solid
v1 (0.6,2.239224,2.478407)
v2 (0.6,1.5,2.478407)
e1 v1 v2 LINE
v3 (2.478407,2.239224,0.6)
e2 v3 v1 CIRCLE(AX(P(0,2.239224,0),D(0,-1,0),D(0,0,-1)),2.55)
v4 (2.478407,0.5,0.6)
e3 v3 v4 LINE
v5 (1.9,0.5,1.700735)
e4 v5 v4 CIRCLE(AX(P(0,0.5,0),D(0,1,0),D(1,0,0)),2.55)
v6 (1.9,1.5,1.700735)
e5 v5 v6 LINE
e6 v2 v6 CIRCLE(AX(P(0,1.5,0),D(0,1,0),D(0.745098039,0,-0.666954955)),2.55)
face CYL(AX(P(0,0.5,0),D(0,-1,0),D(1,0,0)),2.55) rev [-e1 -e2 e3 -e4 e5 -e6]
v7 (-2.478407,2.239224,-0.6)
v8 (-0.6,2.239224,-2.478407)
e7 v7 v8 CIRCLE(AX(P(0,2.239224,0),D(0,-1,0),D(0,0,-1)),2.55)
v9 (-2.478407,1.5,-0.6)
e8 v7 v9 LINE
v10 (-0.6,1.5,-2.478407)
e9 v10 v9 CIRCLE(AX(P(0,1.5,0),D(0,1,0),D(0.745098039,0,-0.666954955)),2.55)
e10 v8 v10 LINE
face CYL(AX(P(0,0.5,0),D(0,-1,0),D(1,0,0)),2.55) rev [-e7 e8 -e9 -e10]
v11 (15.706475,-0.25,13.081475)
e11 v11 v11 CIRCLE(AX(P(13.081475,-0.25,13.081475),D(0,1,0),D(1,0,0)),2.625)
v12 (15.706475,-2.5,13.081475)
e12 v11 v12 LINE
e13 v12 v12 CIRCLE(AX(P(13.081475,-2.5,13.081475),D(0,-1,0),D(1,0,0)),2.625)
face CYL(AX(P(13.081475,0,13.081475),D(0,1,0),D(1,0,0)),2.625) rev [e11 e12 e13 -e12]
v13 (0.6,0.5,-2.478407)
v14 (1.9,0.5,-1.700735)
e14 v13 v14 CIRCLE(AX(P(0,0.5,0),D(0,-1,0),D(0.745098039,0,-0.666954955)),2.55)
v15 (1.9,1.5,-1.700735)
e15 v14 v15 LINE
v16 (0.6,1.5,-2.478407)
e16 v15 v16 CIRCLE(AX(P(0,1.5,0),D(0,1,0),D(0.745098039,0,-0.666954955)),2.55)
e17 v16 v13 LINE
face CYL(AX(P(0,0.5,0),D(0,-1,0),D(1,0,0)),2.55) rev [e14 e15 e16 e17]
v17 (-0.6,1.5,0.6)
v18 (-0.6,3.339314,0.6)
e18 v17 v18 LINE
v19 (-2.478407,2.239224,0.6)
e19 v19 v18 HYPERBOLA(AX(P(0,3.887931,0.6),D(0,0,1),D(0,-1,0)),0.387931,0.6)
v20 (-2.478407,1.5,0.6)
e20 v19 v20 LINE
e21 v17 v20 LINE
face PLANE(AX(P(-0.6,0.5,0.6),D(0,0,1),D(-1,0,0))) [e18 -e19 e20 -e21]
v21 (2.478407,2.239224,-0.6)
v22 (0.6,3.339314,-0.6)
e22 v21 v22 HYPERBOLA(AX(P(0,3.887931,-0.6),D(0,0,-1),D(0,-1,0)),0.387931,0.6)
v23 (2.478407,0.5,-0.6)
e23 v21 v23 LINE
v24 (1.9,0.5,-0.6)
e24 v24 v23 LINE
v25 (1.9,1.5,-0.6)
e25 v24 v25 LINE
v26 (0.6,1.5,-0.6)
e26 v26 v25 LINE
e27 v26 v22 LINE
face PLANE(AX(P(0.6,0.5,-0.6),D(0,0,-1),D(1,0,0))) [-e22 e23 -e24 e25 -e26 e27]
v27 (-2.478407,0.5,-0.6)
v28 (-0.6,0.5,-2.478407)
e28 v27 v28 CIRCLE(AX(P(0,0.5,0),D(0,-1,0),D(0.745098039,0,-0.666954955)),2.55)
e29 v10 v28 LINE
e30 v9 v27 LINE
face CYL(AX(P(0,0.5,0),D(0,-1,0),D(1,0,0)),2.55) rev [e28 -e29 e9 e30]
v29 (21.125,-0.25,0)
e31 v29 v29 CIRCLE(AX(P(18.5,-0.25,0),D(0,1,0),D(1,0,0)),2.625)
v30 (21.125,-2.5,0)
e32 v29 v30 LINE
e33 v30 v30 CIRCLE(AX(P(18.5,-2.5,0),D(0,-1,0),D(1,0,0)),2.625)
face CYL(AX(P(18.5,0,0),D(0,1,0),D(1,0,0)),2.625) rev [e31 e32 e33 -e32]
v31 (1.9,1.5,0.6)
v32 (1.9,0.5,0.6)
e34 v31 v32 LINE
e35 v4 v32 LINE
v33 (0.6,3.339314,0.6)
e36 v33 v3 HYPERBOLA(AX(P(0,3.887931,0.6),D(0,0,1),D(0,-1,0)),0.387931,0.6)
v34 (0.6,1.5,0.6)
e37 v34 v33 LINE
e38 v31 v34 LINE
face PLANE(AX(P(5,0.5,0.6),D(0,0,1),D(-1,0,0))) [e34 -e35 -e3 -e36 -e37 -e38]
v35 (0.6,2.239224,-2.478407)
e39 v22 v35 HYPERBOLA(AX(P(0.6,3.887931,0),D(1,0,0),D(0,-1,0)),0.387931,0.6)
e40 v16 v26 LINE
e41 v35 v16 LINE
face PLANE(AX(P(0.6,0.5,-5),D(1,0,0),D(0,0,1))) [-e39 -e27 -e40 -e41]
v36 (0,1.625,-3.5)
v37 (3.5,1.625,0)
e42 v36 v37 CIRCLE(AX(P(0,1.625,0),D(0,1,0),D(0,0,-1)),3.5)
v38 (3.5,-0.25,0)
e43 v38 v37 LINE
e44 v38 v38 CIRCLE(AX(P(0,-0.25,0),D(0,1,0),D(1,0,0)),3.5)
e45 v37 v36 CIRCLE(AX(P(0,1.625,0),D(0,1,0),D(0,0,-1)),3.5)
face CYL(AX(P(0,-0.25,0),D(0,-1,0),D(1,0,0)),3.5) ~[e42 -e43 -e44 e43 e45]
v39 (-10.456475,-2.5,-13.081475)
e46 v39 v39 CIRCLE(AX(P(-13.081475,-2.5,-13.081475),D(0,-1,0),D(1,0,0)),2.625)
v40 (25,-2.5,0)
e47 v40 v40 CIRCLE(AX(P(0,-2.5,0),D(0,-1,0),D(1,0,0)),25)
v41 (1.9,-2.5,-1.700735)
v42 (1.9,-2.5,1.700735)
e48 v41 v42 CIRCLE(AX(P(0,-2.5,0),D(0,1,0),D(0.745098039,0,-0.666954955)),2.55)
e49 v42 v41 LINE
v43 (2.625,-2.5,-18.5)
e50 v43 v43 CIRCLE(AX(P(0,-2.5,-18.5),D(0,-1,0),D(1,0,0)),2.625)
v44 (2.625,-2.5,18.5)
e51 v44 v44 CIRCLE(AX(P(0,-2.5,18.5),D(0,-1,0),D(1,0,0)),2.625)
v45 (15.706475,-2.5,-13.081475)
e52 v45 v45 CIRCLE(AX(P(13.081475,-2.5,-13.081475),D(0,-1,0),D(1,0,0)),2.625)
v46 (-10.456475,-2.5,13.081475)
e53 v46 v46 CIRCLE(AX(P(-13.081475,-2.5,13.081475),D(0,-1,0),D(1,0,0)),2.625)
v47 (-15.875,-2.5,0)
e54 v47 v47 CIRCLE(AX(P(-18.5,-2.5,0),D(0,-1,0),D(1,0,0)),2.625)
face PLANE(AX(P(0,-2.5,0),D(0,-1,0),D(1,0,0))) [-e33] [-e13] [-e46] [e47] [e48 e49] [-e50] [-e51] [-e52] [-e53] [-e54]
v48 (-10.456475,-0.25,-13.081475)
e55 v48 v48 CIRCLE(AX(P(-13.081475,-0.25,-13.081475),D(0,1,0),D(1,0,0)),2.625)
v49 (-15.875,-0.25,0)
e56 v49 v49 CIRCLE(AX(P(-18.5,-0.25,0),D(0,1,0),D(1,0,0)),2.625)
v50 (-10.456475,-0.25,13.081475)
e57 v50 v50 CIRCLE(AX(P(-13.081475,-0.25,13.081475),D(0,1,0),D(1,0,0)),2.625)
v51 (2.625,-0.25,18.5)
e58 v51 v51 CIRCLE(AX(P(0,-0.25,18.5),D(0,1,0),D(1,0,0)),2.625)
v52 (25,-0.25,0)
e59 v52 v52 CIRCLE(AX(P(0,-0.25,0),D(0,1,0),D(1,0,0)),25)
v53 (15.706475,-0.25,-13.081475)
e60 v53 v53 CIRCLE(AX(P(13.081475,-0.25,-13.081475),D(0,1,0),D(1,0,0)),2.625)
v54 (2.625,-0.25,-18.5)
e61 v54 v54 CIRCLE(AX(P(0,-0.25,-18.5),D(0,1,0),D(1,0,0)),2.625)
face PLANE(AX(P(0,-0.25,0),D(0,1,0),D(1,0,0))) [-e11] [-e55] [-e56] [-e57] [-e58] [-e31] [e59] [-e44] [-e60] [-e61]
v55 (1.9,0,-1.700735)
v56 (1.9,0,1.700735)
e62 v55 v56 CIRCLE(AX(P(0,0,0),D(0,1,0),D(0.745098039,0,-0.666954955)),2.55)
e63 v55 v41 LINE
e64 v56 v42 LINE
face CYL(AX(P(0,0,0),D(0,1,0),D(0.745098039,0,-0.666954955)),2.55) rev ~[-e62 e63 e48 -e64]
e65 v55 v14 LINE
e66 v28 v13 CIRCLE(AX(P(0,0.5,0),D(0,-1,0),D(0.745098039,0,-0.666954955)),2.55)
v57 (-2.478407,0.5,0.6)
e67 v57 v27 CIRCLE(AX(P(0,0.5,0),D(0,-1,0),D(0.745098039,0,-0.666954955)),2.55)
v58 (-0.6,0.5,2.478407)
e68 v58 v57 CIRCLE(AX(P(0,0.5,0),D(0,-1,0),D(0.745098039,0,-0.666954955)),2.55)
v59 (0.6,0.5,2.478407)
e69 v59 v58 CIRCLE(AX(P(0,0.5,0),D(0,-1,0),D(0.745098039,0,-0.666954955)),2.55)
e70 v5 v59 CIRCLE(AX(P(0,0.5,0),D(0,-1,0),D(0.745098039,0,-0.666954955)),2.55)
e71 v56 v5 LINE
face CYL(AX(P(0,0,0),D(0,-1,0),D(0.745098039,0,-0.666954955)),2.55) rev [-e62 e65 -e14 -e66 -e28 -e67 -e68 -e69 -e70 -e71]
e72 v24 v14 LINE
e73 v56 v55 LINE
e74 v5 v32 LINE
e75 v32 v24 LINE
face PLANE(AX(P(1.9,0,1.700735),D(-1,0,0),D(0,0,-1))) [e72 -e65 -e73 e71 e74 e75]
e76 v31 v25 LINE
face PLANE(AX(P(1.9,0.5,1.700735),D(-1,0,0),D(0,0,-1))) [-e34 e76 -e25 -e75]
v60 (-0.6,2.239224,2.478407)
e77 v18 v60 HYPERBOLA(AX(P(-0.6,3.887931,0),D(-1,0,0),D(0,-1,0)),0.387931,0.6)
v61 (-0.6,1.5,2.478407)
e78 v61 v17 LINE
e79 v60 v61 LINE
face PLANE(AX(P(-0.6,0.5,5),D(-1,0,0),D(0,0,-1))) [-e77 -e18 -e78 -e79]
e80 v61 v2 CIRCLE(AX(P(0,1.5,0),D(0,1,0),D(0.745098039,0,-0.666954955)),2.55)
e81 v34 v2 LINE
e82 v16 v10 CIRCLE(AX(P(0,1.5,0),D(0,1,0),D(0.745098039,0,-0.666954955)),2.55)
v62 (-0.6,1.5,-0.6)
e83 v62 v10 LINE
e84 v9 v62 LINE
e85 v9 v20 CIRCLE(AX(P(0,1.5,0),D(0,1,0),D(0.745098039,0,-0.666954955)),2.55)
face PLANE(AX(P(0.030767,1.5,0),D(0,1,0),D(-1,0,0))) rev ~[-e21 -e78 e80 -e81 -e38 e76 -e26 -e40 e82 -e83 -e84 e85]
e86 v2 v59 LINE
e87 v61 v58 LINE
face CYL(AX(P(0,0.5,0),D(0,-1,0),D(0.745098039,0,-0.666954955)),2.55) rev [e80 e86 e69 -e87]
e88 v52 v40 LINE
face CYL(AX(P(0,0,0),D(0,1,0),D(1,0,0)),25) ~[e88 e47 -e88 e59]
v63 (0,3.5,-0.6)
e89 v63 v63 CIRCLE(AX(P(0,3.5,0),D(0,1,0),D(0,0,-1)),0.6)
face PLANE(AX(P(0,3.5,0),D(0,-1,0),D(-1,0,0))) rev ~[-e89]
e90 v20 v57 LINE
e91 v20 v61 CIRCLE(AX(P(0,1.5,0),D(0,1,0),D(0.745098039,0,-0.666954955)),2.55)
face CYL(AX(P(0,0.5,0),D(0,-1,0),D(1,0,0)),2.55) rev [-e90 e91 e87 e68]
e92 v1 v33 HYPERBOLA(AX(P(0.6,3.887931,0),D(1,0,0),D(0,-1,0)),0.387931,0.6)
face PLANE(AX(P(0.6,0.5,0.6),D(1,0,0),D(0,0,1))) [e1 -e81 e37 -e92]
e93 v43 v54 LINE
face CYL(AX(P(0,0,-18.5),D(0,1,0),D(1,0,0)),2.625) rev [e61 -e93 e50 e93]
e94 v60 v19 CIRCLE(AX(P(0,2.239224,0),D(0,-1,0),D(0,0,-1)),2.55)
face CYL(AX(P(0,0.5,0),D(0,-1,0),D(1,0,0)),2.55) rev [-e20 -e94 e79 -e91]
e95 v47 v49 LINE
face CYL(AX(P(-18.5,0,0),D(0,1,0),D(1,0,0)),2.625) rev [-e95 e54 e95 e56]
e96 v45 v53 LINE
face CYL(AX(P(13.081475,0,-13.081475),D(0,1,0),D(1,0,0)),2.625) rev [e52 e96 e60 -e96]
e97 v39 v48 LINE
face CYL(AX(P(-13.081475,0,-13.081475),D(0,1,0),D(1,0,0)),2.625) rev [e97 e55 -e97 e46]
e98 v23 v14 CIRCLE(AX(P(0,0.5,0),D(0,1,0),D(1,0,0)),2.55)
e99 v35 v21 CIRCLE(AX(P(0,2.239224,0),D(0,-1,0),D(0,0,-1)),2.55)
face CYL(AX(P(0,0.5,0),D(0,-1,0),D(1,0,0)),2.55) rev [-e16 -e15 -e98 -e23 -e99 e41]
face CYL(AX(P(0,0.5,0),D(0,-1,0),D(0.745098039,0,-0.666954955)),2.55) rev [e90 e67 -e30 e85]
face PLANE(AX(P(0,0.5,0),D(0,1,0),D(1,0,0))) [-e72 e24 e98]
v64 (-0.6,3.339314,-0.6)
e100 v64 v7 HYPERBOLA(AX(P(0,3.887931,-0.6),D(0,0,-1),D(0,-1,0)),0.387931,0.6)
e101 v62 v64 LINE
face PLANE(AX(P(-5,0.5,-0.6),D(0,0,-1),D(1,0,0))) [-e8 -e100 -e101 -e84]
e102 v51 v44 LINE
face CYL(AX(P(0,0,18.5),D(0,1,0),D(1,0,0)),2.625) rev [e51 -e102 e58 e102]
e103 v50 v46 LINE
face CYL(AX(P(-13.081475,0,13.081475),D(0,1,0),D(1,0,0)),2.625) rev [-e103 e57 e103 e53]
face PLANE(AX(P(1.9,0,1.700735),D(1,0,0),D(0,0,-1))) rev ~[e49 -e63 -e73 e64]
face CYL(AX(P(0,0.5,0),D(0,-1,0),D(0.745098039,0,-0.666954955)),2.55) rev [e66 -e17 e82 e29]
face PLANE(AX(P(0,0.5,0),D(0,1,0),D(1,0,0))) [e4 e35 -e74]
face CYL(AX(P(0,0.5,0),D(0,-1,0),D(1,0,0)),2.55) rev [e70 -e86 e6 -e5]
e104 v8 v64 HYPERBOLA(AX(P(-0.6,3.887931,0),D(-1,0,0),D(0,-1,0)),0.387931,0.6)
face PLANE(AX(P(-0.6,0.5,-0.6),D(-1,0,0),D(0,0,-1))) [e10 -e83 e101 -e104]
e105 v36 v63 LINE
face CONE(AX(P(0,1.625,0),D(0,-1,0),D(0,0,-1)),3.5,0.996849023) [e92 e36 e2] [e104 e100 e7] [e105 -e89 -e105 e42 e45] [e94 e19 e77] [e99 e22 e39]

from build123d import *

# Parameters (mm, degrees)
SKETCH1_R               = 25
BOSS_EXTRUDE1_DEPTH     = 3.5
SKETCH3_R               = 8.75
BOSS_EXTRUDE2_DEPTH     = 4
SKETCH4_R               = 2.625
CUT_EXTRUDE1_DEPTH      = 3.5
CUT_EXTRUDE2_DEPTH      = 10
CUT_EXTRUDE3_DEPTH      = 26
CUT_EXTRUDE3_DEPTH_BACK = 26
CUT_EXTRUDE4_DEPTH      = 26
CUT_EXTRUDE4_DEPTH_BACK = 26
SKETCH11_R              = 25
CUT_EXTRUDE5_DEPTH      = 3
BOSS_EXTRUDE3_DEPTH     = 3
SKETCH13_R              = 8.75
SKETCH13_R_2            = 2.55
BOSS_EXTRUDE4_DEPTH     = 3
SKETCH16_R              = 25
SKETCH16_R_2            = 2.625
BOSS_EXTRUDE5_DEPTH     = 2.5
SKETCH17_R              = 25
SKETCH17_R_2            = 8.75
CUT_EXTRUDE6_DEPTH      = 0.75
CUT_EXTRUDE7_DEPTH      = 1
SKETCH19_R              = 8.75
SKETCH19_R_2            = 3.5
CUT_EXTRUDE8_DEPTH      = 20
SKETCH20_R              = 6.415433717
CUT_EXTRUDE9_DEPTH      = 10
SKETCH22_R              = 3.5
CUT_EXTRUDE10_DEPTH     = 0.5


with BuildPart() as part:
    # Sketch1 → Boss-Extrude1 (new body)
    with BuildSketch(Plane(origin=(0, 0, 0), x_dir=(1, 0, 0), z_dir=(0, 1, 0))):
        Circle(SKETCH1_R)
    extrude(amount=BOSS_EXTRUDE1_DEPTH)

    # Sketch3 → Boss-Extrude2 (add)
    with BuildSketch(Plane(origin=(0, 3.5, 0), x_dir=(1, 0, 0), z_dir=(0, 1, 0))):
        Circle(SKETCH3_R)
    extrude(amount=BOSS_EXTRUDE2_DEPTH)

    # Sketch4 → Cut-Extrude1 (cut)
    with BuildSketch(Plane(origin=(0, 3.5, 0), x_dir=(1, 0, 0), z_dir=(0, 1, 0))):
        with Locations((0, 18.5)):
            Circle(SKETCH4_R)
        with Locations((13.081475452, 13.081475452)):
            Circle(SKETCH4_R)
        with Locations((18.5, 0)):
            Circle(SKETCH4_R)
        with Locations((13.081475452, -13.081475452)):
            Circle(SKETCH4_R)
        with Locations((0, -18.5)):
            Circle(SKETCH4_R)
        with Locations((-13.081475452, -13.081475452)):
            Circle(SKETCH4_R)
        with Locations((-18.5, 0)):
            Circle(SKETCH4_R)
        with Locations((-13.081475452, 13.081475452)):
            Circle(SKETCH4_R)
    extrude(amount=-CUT_EXTRUDE1_DEPTH, mode=Mode.SUBTRACT)

    # Sketch7 → Cut-Extrude2 (cut)
    with BuildSketch(Plane.XZ):
        with BuildLine():
            Line((1.9, 1.700735135), (1.9, -1.700735135))
            ThreePointArc((1.9, -1.700735135), (-2.55, 0), (1.9, 1.700735135))
        make_face()
    extrude(amount=-CUT_EXTRUDE2_DEPTH, mode=Mode.SUBTRACT)

    # Sketch8 → Cut-Extrude3 (cut, two sides)
    with BuildSketch(Plane(origin=(0, 0, 0), x_dir=(0, 0, -1), z_dir=(1, 0, 0))) as cut_extrude3_sk:
        with BuildLine():
            Line((-2.5, 6), (2.5, 6))
            ThreePointArc((2.5, 6), (3.5, 5), (2.5, 4))
            Line((2.5, 4), (-2.5, 4))
            ThreePointArc((-2.5, 4), (-3.5, 5), (-2.5, 6))
        make_face()
    extrude(amount=CUT_EXTRUDE3_DEPTH, mode=Mode.SUBTRACT)
    extrude(cut_extrude3_sk.sketch, amount=-CUT_EXTRUDE3_DEPTH_BACK, mode=Mode.SUBTRACT)

    # Sketch9 → Cut-Extrude4 (cut, two sides)
    with BuildSketch(Plane.XY) as cut_extrude4_sk:
        with BuildLine():
            Line((-2.5, 6), (2.5, 6))
            ThreePointArc((2.5, 6), (3.5, 5), (2.5, 4))
            Line((2.5, 4), (-2.5, 4))
            ThreePointArc((-2.5, 4), (-3.5, 5), (-2.5, 6))
        make_face()
    extrude(amount=CUT_EXTRUDE4_DEPTH, mode=Mode.SUBTRACT)
    extrude(cut_extrude4_sk.sketch, amount=-CUT_EXTRUDE4_DEPTH_BACK, mode=Mode.SUBTRACT)

    # Sketch11 → Cut-Extrude5 (cut)
    with BuildSketch(Plane(origin=(0, 3.5, 0), x_dir=(1, 0, 0), z_dir=(0, 1, 0))):
        Circle(SKETCH11_R)
    extrude(amount=-CUT_EXTRUDE5_DEPTH, mode=Mode.SUBTRACT)

    # Sketch12 → Boss-Extrude3 (add)
    with BuildSketch(Plane(origin=(0, 0.5, 0), x_dir=(1, 0, 0), z_dir=(0, 1, 0))):
        Polygon((0.6, 0.6), (5, 0.6), (5, -0.6), (0.6, -0.6), (0.6, -5), (-0.6, -5), (-0.6, -0.6), (-5, -0.6), (-5, 0.6), (-0.6, 0.6), (-0.6, 5), (0.6, 5), align=None)
    extrude(amount=BOSS_EXTRUDE3_DEPTH)

    # Sketch13 → Boss-Extrude4 (add)
    with BuildSketch(Plane(origin=(0, 0.5, 0), x_dir=(1, 0, 0), z_dir=(0, 1, 0))):
        Circle(SKETCH13_R)
        Circle(SKETCH13_R_2, mode=Mode.SUBTRACT)
    extrude(amount=BOSS_EXTRUDE4_DEPTH)

    # Sketch15 → Revolve1 (revolve)
    with BuildSketch(Plane.XY):
        Polygon((0, 13.5), (-8.75, 7.5), (0, 7.5), align=None)
    revolve(axis=Axis((0, -5.481339273, 0), (0, 1, 0)))

    # Sketch16 → Boss-Extrude5 (add)
    with BuildSketch(Plane.XZ):
        Circle(SKETCH16_R)
        with Locations((13.081475452, 13.081475452)):
            Circle(SKETCH16_R_2, mode=Mode.SUBTRACT)
        with Locations((0, 18.5)):
            Circle(SKETCH16_R_2, mode=Mode.SUBTRACT)
        with Locations((-13.081475452, 13.081475452)):
            Circle(SKETCH16_R_2, mode=Mode.SUBTRACT)
        with Locations((-18.5, 0)):
            Circle(SKETCH16_R_2, mode=Mode.SUBTRACT)
        with Locations((-13.081475452, -13.081475452)):
            Circle(SKETCH16_R_2, mode=Mode.SUBTRACT)
        with Locations((0, -18.5)):
            Circle(SKETCH16_R_2, mode=Mode.SUBTRACT)
        with Locations((13.081475452, -13.081475452)):
            Circle(SKETCH16_R_2, mode=Mode.SUBTRACT)
        with Locations((18.5, 0)):
            Circle(SKETCH16_R_2, mode=Mode.SUBTRACT)
        with BuildLine():
            Line((1.9, 1.700735135), (1.9, -1.700735135))
            ThreePointArc((1.9, -1.700735135), (-2.55, 0), (1.9, 1.700735135))
        make_face(mode=Mode.SUBTRACT)
    extrude(amount=BOSS_EXTRUDE5_DEPTH)

    # Sketch17 → Cut-Extrude6 (cut)
    with BuildSketch(Plane(origin=(0, 0.5, 0), x_dir=(1, 0, 0), z_dir=(0, 1, 0))):
        Circle(SKETCH17_R)
        Circle(SKETCH17_R_2, mode=Mode.SUBTRACT)
    extrude(amount=-CUT_EXTRUDE6_DEPTH, mode=Mode.SUBTRACT)

    # Sketch18 → Cut-Extrude7 (cut)
    with BuildSketch(Plane.XZ.offset(-0.5)):
        with BuildLine():
            Line((1.9, 1.700735135), (1.9, -1.700735135))
            ThreePointArc((1.9, -1.700735135), (-2.55, 0), (1.9, 1.700735135))
        make_face()
    extrude(amount=-CUT_EXTRUDE7_DEPTH, mode=Mode.SUBTRACT)

    # Sketch19 → Cut-Extrude8 (cut)
    with BuildSketch(Plane(origin=(0, -0.25, 0), x_dir=(1, 0, 0), z_dir=(0, 1, 0))):
        Circle(SKETCH19_R)
        Circle(SKETCH19_R_2, mode=Mode.SUBTRACT)
    extrude(amount=CUT_EXTRUDE8_DEPTH, mode=Mode.SUBTRACT)

    # Sketch20 → Cut-Extrude9 (cut)
    with BuildSketch(Plane.XZ.offset(-6)):
        Circle(SKETCH20_R)
    extrude(amount=-CUT_EXTRUDE9_DEPTH, mode=Mode.SUBTRACT)

    # Sketch22 → Cut-Extrude10 (cut)
    with BuildSketch(Plane(origin=(0, 4, 0), x_dir=(1, 0, 0), z_dir=(0, 1, 0))):
        Circle(SKETCH22_R)
    extrude(amount=-CUT_EXTRUDE10_DEPTH, mode=Mode.SUBTRACT)

    # Sketch23 → Cut-Revolve3 (revolve, cut)
    with BuildSketch(Plane(origin=(0, 0, 0), x_dir=(0, 0, -1), z_dir=(1, 0, 0))):
        Polygon((3.5, 1.625), (0.6, 3.5), (3.5, 3.5), align=None)
    revolve(axis=Axis((0, -5.481339273, 0), (0, 1, 0)), mode=Mode.SUBTRACT)


solid = part.part
